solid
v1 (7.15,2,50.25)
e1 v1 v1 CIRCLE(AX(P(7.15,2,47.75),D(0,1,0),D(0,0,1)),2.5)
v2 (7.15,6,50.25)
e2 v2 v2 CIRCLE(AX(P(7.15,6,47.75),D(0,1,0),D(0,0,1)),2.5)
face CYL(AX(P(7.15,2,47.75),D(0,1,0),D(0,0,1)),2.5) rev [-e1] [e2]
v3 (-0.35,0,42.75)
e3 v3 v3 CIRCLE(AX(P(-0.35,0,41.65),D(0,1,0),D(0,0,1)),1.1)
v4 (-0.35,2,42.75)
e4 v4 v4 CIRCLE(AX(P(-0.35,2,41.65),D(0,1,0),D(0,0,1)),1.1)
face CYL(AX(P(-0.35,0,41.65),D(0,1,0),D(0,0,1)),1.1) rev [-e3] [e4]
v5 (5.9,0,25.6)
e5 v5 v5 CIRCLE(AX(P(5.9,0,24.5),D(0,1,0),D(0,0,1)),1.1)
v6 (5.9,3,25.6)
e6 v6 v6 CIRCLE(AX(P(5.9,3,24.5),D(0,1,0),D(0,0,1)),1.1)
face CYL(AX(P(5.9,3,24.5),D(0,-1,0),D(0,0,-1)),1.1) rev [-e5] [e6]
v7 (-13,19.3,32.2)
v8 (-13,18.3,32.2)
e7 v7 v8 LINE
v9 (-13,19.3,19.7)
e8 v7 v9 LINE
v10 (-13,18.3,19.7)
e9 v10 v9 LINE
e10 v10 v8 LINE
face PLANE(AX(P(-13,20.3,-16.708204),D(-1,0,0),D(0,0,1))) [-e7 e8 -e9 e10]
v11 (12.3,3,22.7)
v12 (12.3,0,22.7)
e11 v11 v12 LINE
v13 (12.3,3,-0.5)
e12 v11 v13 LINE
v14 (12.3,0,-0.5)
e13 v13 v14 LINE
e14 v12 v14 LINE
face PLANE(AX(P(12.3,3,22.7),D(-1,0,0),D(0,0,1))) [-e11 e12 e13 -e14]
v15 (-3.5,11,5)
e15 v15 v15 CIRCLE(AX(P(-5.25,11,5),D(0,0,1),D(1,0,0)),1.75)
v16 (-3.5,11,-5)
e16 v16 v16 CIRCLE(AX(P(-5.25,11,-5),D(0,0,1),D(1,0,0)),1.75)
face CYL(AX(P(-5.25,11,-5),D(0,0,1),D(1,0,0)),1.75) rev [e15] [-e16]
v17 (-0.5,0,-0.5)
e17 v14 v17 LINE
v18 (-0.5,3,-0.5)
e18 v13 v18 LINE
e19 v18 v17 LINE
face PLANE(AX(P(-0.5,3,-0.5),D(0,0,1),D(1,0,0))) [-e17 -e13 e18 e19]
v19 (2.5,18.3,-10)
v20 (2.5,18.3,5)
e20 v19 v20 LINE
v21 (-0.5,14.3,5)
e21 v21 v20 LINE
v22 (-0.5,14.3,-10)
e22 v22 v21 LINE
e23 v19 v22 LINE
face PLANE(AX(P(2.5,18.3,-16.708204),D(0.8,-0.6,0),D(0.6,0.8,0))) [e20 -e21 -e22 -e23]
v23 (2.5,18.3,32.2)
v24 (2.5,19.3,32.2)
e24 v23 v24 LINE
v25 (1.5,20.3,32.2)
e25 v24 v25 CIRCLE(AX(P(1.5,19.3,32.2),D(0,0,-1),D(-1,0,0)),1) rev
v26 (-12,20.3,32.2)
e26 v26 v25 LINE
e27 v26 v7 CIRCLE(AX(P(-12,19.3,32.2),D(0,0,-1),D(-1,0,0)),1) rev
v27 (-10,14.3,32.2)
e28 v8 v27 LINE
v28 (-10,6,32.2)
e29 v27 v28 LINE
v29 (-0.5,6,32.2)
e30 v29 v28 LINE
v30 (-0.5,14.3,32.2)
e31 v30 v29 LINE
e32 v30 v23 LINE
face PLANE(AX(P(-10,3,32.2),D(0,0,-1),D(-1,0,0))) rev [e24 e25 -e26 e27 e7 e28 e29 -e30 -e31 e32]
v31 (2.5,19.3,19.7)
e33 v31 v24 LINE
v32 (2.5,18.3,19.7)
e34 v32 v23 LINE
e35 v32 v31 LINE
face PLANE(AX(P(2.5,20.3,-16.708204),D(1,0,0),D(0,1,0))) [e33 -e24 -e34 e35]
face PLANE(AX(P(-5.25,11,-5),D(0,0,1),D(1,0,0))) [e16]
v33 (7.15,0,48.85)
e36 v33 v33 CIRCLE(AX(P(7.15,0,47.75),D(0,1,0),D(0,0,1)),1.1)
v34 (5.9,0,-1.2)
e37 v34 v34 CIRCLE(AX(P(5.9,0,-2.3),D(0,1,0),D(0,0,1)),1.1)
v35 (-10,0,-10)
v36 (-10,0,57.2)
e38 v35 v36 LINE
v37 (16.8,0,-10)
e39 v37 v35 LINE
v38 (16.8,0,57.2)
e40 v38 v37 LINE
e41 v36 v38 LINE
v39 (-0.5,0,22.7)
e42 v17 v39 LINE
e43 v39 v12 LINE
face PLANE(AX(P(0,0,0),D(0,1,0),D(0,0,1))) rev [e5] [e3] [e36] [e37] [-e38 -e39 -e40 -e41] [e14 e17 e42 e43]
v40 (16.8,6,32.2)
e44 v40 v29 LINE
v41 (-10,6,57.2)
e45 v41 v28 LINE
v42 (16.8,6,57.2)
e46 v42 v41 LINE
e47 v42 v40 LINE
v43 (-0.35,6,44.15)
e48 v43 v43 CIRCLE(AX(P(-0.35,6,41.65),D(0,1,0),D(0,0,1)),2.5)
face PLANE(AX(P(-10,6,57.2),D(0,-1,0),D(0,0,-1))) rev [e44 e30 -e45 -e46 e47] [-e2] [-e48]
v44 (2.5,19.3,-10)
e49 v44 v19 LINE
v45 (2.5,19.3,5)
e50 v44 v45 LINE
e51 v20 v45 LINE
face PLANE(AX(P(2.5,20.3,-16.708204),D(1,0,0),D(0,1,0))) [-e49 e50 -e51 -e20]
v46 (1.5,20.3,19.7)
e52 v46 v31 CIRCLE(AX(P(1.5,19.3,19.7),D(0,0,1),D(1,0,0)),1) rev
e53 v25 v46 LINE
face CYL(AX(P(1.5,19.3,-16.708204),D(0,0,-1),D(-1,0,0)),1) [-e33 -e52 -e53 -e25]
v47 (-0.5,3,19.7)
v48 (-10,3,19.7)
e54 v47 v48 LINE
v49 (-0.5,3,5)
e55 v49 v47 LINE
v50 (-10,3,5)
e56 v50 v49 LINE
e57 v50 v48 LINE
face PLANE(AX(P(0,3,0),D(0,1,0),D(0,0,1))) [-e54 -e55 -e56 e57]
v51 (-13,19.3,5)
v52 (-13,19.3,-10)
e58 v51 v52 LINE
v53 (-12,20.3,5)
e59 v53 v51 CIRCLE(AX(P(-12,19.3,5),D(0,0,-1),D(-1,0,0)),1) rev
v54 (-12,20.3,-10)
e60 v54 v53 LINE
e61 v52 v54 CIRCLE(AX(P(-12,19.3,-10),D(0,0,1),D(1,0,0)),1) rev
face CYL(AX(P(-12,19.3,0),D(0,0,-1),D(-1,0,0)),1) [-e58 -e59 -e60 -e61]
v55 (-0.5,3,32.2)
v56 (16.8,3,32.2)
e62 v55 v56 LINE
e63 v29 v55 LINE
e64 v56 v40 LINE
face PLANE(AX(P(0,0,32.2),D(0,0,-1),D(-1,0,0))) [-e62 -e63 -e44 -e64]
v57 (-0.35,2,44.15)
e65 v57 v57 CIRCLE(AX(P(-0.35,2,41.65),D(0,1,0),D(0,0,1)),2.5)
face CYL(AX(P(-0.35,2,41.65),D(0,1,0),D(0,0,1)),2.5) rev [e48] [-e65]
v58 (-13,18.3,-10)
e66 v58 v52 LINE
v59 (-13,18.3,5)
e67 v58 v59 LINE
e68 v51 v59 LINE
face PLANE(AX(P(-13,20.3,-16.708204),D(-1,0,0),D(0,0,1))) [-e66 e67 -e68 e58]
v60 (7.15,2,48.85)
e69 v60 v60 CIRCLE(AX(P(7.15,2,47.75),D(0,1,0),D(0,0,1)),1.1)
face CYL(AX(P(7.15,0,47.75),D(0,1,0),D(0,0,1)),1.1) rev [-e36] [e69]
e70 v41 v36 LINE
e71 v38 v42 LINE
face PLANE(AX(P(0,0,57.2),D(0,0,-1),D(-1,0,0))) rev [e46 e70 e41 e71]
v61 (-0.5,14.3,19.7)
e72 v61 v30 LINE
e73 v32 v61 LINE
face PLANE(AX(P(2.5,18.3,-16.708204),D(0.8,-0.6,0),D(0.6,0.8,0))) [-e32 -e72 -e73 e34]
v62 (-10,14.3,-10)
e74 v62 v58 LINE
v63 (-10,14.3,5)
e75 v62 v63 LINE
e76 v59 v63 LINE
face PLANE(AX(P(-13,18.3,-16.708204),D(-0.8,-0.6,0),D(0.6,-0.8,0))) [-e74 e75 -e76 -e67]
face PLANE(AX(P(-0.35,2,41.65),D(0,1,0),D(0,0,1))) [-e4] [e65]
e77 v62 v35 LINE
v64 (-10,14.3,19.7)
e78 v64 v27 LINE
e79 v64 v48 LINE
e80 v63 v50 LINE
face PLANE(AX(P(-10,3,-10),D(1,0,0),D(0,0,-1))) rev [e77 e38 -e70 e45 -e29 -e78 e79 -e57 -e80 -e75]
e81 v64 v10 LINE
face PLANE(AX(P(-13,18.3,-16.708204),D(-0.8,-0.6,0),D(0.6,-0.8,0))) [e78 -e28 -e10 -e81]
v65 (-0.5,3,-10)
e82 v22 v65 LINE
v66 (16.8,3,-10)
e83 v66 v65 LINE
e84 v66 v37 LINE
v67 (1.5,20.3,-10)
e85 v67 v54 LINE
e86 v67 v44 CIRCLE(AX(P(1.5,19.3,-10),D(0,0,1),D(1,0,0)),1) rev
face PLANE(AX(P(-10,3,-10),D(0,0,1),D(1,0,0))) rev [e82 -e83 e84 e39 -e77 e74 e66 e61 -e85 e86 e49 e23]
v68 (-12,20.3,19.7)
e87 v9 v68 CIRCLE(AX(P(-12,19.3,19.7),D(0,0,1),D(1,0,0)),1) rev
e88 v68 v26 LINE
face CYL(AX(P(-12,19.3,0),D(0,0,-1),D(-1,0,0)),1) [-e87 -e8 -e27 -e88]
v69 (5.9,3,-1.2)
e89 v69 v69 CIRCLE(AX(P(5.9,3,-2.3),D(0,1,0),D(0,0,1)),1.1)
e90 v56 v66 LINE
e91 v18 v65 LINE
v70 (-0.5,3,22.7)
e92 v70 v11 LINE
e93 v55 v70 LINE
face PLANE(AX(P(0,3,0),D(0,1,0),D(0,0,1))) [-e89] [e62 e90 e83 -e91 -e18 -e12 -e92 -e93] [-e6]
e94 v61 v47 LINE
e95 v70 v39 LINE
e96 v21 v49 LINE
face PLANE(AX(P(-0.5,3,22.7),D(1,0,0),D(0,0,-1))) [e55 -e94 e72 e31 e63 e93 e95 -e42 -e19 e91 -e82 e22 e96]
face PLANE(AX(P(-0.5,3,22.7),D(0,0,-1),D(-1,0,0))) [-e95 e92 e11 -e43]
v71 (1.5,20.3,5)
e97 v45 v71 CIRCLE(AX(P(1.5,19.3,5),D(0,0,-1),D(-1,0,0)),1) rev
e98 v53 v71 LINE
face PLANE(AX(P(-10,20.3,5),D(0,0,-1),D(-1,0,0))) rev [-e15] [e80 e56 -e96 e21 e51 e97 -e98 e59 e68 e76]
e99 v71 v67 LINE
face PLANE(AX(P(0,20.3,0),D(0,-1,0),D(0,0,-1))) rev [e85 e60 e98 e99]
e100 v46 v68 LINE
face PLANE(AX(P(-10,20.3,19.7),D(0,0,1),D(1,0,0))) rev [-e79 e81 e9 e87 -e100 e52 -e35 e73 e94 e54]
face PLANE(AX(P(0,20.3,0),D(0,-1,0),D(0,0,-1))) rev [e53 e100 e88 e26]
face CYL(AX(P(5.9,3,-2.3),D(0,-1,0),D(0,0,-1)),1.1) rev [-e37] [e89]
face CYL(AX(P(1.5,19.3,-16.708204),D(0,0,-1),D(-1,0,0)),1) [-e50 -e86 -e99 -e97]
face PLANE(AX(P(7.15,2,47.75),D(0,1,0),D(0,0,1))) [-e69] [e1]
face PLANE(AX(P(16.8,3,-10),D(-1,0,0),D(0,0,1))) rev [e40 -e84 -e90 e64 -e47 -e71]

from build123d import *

# Parameters (mm, degrees)
SKETCH_5_W          = 26.8
SKETCH_5_H          = 42.2
SKETCH_5_R          = 1.1
SKETCH_5_W_2        = 12.8
SKETCH_5_H_2        = 23.2
EXTRUDE_1_DEPTH     = 3
SKETCH_7_W          = 9.5
SKETCH_7_H          = 15
SKETCH_7_H_2        = 12.5
EXTRUDE_2_DEPTH     = 17.3
SKETCH_10_R         = 1.75
CUT_EXTRUDE_2_DEPTH = 10
EXTRUDE_START       = -42.2
EXTRUDE_3_DEPTH     = 42.2
SKETCH_16_W         = 15.5
SKETCH_16_H         = 14.7
CUT_EXTRUDE_3_DEPTH = 17.3
FILLET_1_R          = 1
SKETCH_20_W         = 26.8
SKETCH_20_H         = 6
EXTRUDE_5_DEPTH     = 25
SKETCH_21_R         = 2.5
CUT_EXTRUDE_6_DEPTH = 4
SKETCH_22_R         = 1.1
CUT_EXTRUDE_7_DEPTH = 63.361606779


with BuildPart() as part:
    # 草图5 → 凸台-拉伸1 (new body)
    with BuildSketch(Plane(origin=(0, 0, 0), x_dir=(1, 0, 0), z_dir=(0, 1, 0))):
        with Locations((3.4, -11.1)):
            Rectangle(SKETCH_5_W, SKETCH_5_H)
        with Locations(Location((5.9, 2.3, 0), (0, 0, 270))):
            Circle(SKETCH_5_R, mode=Mode.SUBTRACT)
        with Locations(Location((5.9, -24.5, 0), (0, 0, 270))):
            Circle(SKETCH_5_R, mode=Mode.SUBTRACT)
        with Locations((5.9, -11.1)):
            Rectangle(SKETCH_5_W_2, SKETCH_5_H_2, mode=Mode.SUBTRACT)
    extrude(amount=EXTRUDE_1_DEPTH)

    # 草图7 → 凸台-拉伸2 (add)
    with BuildSketch(Plane(origin=(0, 3, 0), x_dir=(1, 0, 0), z_dir=(0, 1, 0))):
        with Locations((-5.25, 2.5)):
            Rectangle(SKETCH_7_W, SKETCH_7_H)
        with Locations((-5.25, -25.95)):
            Rectangle(SKETCH_7_W, SKETCH_7_H_2)
    extrude(amount=EXTRUDE_2_DEPTH)

    # 草图10 → 切除-拉伸2 (cut)
    with BuildSketch(Plane.XY.offset(5)):
        with Locations((-5.25, 11)):
            Circle(SKETCH_10_R)
    extrude(amount=-CUT_EXTRUDE_2_DEPTH, mode=Mode.SUBTRACT)

    # 草图13 → 凸台-拉伸3 (add)
    with BuildSketch(Plane.XY.offset(32.2).offset(EXTRUDE_START)):
        Polygon((-0.5, 20.3), (2.5, 20.3), (2.5, 18.3), (-0.5, 14.3), (-0.5, 15.553856002), align=None)
        Polygon((-10, 15.553856002), (-10, 14.3), (-13, 18.3), (-13, 20.3), (-10, 20.3), align=None)
    extrude(amount=EXTRUDE_3_DEPTH)

    # 草图16 → 切除-拉伸3 (cut)
    with BuildSketch(Plane(origin=(0, 20.3, 0), x_dir=(1, 0, 0), z_dir=(0, 1, 0))):
        with Locations((-5.25, -12.35)):
            Rectangle(SKETCH_16_W, SKETCH_16_H)
    extrude(amount=-CUT_EXTRUDE_3_DEPTH, mode=Mode.SUBTRACT)

    # 圆角1
    fillet_1_edges = [part.edges().sort_by_distance(p)[0] for p in [
        (-13, 20.3, 25.95),
        (2.5, 20.3, 25.95),
        (2.5, 20.3, -2.5),
        (-13, 20.3, -2.5),
    ]]
    fillet(fillet_1_edges, radius=FILLET_1_R)

    # 草图20 → 凸台-拉伸5 (add)
    with BuildSketch(Plane.XY.offset(32.2)):
        with Locations((3.4, 3)):
            Rectangle(SKETCH_20_W, SKETCH_20_H)
    extrude(amount=EXTRUDE_5_DEPTH)

    # 草图21 → 切除-拉伸6 (cut)
    with BuildSketch(Plane(origin=(0, 6, 0), x_dir=(1, 0, 0), z_dir=(0, 1, 0))):
        with Locations(Location((7.15, -47.75, 0), (0, 0, 270))):
            Circle(SKETCH_21_R)
        with Locations(Location((-0.35, -41.65, 0), (0, 0, 270))):
            Circle(SKETCH_21_R)
    extrude(amount=-CUT_EXTRUDE_6_DEPTH, mode=Mode.SUBTRACT)

    # 草图22 → 切除-拉伸7 (cut, through all)
    with BuildSketch(Plane(origin=(0, 2, 0), x_dir=(1, 0, 0), z_dir=(0, 1, 0))):
        with Locations(Location((-0.35, -41.65, 0), (0, 0, 270))):
            Circle(SKETCH_22_R)
        with Locations(Location((7.15, -47.75, 0), (0, 0, 270))):
            Circle(SKETCH_22_R)
    extrude(amount=-CUT_EXTRUDE_7_DEPTH, mode=Mode.SUBTRACT)


solid = part.part
